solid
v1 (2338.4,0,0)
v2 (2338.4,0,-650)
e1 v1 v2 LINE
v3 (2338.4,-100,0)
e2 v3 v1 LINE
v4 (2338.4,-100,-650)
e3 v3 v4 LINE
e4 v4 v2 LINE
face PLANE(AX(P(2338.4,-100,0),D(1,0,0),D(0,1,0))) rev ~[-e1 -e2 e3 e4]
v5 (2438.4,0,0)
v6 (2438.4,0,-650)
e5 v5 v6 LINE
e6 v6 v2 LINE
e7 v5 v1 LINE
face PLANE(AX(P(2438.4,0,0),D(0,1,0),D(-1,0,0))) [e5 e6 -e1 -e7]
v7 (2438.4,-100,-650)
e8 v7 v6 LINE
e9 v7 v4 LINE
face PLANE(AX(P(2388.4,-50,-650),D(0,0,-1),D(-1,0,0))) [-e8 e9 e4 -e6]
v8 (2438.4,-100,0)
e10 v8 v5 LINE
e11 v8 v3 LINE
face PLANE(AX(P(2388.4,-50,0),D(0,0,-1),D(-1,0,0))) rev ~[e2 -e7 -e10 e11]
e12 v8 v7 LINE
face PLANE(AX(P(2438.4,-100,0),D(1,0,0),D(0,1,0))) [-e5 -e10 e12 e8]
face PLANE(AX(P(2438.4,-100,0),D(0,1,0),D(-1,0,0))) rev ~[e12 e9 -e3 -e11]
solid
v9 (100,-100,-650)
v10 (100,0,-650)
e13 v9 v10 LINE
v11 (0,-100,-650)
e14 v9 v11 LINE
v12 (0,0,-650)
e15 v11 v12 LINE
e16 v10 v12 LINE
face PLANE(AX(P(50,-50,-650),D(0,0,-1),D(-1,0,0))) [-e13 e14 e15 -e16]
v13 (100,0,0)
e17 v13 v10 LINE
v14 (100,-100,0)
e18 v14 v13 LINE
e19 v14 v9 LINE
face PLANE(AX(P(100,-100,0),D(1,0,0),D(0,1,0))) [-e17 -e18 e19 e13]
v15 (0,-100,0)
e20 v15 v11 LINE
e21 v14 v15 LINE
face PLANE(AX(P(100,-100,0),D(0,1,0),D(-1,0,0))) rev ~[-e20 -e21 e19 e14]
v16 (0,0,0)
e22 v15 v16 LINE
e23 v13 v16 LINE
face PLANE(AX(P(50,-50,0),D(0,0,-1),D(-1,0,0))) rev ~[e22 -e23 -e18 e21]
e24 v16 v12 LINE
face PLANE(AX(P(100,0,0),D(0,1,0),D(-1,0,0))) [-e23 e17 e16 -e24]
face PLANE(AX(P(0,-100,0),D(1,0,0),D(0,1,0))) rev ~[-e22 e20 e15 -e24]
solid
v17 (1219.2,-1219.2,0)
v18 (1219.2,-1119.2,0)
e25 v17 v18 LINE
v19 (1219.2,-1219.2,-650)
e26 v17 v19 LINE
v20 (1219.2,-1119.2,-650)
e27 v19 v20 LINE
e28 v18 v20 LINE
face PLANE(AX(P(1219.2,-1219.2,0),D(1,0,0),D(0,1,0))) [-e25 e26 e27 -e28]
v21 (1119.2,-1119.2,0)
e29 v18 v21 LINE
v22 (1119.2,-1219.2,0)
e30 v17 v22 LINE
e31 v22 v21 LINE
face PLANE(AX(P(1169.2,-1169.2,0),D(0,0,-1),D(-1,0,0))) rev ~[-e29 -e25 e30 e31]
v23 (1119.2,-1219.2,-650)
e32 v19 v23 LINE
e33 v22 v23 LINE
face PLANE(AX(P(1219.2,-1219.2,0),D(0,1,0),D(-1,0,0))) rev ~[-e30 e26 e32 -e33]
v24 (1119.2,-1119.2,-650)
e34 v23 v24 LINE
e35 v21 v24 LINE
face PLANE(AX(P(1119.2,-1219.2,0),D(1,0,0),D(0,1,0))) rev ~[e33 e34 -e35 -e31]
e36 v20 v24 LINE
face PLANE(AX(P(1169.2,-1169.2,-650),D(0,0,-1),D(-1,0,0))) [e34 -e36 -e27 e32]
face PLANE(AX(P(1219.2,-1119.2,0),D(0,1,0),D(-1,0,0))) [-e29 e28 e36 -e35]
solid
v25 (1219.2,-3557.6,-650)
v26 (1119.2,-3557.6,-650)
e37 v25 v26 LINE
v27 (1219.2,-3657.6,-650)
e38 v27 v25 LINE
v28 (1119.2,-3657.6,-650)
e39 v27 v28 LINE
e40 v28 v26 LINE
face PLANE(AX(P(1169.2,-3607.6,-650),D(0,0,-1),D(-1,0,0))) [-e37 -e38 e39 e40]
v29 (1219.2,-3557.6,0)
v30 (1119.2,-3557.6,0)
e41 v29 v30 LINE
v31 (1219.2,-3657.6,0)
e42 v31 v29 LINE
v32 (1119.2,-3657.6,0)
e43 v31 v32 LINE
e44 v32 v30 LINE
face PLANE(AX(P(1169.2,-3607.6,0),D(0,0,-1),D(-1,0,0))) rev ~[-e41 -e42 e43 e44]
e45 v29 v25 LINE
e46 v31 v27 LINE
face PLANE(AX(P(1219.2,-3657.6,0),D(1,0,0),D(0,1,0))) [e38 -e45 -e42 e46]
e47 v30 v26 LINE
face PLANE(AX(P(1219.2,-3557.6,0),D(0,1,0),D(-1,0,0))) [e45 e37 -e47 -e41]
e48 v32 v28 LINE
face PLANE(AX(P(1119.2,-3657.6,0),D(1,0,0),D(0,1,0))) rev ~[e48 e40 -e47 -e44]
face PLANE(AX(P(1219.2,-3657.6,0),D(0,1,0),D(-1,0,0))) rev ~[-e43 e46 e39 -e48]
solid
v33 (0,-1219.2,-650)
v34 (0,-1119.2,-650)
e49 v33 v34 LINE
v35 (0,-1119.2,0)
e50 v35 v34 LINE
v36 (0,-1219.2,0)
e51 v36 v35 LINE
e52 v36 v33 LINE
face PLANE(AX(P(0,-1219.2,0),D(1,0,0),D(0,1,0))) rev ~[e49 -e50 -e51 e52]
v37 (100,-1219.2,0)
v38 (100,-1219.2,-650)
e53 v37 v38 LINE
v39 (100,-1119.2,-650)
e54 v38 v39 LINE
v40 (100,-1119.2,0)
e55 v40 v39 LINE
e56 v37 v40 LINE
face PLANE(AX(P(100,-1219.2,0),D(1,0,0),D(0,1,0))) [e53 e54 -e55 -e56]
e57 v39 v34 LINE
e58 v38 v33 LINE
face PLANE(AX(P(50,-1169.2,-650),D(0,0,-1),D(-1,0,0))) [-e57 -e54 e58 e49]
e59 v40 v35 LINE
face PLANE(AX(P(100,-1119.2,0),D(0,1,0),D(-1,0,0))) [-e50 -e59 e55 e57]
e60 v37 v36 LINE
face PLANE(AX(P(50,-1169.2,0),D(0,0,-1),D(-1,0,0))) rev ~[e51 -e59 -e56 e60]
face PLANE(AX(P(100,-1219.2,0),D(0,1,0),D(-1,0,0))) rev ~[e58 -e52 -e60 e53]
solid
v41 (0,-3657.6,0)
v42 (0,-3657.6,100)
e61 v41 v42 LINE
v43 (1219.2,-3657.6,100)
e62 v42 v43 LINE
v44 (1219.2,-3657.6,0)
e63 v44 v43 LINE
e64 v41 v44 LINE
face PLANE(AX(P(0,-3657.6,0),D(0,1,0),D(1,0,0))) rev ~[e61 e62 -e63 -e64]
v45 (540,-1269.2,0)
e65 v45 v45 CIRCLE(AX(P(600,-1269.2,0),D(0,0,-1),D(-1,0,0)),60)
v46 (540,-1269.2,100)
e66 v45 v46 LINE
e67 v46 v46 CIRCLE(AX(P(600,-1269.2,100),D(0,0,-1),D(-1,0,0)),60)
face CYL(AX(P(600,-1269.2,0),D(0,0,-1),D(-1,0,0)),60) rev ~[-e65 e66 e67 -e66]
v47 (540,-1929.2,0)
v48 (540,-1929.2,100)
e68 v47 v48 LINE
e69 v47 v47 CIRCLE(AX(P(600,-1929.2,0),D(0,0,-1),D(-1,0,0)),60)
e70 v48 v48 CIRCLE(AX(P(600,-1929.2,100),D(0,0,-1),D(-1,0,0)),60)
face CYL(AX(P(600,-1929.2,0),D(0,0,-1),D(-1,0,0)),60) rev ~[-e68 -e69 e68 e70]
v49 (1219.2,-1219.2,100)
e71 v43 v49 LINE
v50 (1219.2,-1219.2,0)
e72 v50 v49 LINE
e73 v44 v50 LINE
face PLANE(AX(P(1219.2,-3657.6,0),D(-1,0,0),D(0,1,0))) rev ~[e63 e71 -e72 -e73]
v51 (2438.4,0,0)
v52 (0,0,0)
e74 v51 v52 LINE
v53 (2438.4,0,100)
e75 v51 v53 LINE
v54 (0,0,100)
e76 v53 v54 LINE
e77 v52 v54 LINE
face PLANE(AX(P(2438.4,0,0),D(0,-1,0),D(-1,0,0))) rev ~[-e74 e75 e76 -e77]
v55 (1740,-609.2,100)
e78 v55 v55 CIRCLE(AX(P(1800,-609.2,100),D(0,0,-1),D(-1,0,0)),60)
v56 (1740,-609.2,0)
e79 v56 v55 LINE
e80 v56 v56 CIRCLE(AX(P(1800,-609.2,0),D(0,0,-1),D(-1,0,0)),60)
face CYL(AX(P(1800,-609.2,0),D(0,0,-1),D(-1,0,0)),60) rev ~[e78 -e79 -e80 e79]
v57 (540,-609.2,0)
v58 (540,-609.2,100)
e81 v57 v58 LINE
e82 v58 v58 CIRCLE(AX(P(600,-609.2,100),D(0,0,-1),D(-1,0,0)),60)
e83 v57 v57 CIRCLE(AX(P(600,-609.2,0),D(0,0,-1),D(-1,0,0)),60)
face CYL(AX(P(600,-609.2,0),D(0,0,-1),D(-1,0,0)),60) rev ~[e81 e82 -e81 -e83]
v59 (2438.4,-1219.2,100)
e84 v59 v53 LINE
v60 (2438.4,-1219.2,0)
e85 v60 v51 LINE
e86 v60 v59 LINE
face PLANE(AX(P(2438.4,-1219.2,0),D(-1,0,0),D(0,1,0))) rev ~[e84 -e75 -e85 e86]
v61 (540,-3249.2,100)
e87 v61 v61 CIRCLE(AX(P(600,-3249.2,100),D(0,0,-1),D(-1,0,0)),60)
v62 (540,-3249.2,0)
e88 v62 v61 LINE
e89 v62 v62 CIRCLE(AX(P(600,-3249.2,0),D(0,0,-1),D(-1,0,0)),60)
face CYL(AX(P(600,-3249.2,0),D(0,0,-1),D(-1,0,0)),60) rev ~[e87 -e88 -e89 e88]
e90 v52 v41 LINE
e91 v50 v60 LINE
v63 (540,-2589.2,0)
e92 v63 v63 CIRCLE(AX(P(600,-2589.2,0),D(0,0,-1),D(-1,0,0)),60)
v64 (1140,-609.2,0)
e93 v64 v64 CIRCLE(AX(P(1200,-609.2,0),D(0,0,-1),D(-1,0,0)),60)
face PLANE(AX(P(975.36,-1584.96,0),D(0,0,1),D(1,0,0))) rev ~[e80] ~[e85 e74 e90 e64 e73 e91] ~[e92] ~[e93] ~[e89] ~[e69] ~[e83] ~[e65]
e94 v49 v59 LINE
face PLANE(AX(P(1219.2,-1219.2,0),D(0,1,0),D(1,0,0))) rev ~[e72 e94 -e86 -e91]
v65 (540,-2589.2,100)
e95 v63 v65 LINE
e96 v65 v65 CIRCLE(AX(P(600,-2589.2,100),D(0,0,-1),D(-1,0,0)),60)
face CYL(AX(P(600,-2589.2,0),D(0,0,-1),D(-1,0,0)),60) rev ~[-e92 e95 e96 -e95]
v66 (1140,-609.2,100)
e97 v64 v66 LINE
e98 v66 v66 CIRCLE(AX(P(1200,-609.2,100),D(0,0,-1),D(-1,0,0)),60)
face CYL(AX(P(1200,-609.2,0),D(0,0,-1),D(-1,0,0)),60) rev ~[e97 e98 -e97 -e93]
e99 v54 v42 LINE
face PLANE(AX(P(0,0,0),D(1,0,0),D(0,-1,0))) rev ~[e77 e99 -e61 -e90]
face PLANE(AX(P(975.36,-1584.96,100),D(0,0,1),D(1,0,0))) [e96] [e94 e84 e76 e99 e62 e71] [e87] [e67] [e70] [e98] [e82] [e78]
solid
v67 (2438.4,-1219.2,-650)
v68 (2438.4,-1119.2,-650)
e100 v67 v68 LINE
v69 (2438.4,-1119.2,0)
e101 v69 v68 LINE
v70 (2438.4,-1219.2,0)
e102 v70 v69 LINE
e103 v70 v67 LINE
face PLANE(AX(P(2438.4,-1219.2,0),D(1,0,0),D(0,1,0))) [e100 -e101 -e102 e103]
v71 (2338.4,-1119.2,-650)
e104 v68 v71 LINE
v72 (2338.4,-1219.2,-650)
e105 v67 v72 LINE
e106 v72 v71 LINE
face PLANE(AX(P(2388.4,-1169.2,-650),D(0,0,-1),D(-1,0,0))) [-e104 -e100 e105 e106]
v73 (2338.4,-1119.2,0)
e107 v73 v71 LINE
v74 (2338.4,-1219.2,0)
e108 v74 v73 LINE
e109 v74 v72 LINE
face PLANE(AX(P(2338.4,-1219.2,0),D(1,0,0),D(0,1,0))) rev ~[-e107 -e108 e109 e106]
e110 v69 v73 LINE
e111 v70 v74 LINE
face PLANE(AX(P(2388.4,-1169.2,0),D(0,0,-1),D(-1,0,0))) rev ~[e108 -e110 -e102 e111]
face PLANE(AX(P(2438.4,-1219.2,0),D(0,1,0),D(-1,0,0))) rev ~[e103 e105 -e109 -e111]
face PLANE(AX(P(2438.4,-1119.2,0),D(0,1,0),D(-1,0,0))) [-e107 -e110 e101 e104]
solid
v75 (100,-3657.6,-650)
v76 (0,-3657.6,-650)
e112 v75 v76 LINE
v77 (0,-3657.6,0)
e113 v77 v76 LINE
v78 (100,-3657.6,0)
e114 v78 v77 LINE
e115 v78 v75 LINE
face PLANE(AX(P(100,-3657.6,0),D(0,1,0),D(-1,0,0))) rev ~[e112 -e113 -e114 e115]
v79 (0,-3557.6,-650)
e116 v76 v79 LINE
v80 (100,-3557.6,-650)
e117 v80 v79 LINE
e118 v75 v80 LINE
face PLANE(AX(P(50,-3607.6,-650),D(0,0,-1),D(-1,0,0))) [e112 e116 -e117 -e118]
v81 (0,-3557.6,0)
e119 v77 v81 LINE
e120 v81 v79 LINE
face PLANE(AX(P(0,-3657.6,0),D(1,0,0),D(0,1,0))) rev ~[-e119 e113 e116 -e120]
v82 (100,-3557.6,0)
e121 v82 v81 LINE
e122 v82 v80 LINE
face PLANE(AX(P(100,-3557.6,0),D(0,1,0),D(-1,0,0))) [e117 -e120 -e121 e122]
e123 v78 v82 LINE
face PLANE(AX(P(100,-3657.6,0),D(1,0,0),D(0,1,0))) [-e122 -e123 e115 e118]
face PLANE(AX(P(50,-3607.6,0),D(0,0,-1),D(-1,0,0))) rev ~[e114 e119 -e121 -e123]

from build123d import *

# Parameters (mm, degrees)
BOSS_EXTRUDE1_DEPTH   = 100
SKETCH4_W             = 100
SKETCH4_H             = 100
BOSS_EXTRUDE2_DEPTH   = 650
BOSS_EXTRUDE2_2_DEPTH = 650
BOSS_EXTRUDE2_3_DEPTH = 650
BOSS_EXTRUDE2_4_DEPTH = 650
BOSS_EXTRUDE2_5_DEPTH = 650
BOSS_EXTRUDE2_6_DEPTH = 650
BOSS_EXTRUDE2_7_DEPTH = 650
SKETCH5_R             = 60
CUT_EXTRUDE2_DEPTH    = 101


with BuildPart() as part:
    # Sketch3 → Boss-Extrude1 (new body)
    with BuildSketch(Plane.XY):
        Polygon((2438.4, -1219.2), (2438.4, 0), (0, 0), (0, -3657.6), (1219.2, -3657.6), (1219.2, -1219.2), align=None)
    extrude(amount=BOSS_EXTRUDE1_DEPTH)

    # Sketch5 → Cut-Extrude2 (cut, through all)
    with BuildSketch(Plane(origin=(0, 0, 0), x_dir=(-1, 0, 0), z_dir=(0, 0, -1))):
        with Locations((-600, -3249.2)):
            Circle(SKETCH5_R)
        with Locations((-600, -2589.2)):
            Circle(SKETCH5_R)
        with Locations((-600, -1929.2)):
            Circle(SKETCH5_R)
        with Locations((-600, -1269.2)):
            Circle(SKETCH5_R)
        with Locations((-600, -609.2)):
            Circle(SKETCH5_R)
        with Locations((-1200, -609.2)):
            Circle(SKETCH5_R)
        with Locations((-1800, -609.2)):
            Circle(SKETCH5_R)
    extrude(amount=-CUT_EXTRUDE2_DEPTH, mode=Mode.SUBTRACT)


with BuildPart() as body_2:
    # Sketch4 → Boss-Extrude2 (new body)
    with BuildSketch(Plane(origin=(0, 0, 0), x_dir=(-1, 0, 0), z_dir=(0, 0, -1))):
        with Locations((-2388.4, -50)):
            Rectangle(SKETCH4_W, SKETCH4_H)
    extrude(amount=BOSS_EXTRUDE2_DEPTH)


with BuildPart() as body_3:
    # Sketch4 → Boss-Extrude2 2 (new body)
    with BuildSketch(Plane(origin=(0, 0, 0), x_dir=(-1, 0, 0), z_dir=(0, 0, -1))):
        with Locations((-50, -3607.6)):
            Rectangle(SKETCH4_W, SKETCH4_H)
    extrude(amount=BOSS_EXTRUDE2_2_DEPTH)


with BuildPart() as body_4:
    # Sketch4 → Boss-Extrude2 3 (new body)
    with BuildSketch(Plane(origin=(0, 0, 0), x_dir=(-1, 0, 0), z_dir=(0, 0, -1))):
        with Locations((-50, -50)):
            Rectangle(SKETCH4_W, SKETCH4_H)
    extrude(amount=BOSS_EXTRUDE2_3_DEPTH)


with BuildPart() as body_5:
    # Sketch4 → Boss-Extrude2 4 (new body)
    with BuildSketch(Plane(origin=(0, 0, 0), x_dir=(-1, 0, 0), z_dir=(0, 0, -1))):
        with Locations((-1169.2, -3607.6)):
            Rectangle(SKETCH4_W, SKETCH4_H)
    extrude(amount=BOSS_EXTRUDE2_4_DEPTH)


with BuildPart() as body_6:
    # Sketch4 → Boss-Extrude2 5 (new body)
    with BuildSketch(Plane(origin=(0, 0, 0), x_dir=(-1, 0, 0), z_dir=(0, 0, -1))):
        with Locations((-1169.2, -1169.2)):
            Rectangle(SKETCH4_W, SKETCH4_H)
    extrude(amount=BOSS_EXTRUDE2_5_DEPTH)


with BuildPart() as body_7:
    # Sketch4 → Boss-Extrude2 6 (new body)
    with BuildSketch(Plane(origin=(0, 0, 0), x_dir=(-1, 0, 0), z_dir=(0, 0, -1))):
        with Locations((-2388.4, -1169.2)):
            Rectangle(SKETCH4_W, SKETCH4_H)
    extrude(amount=BOSS_EXTRUDE2_6_DEPTH)


with BuildPart() as body_8:
    # Sketch4 → Boss-Extrude2 7 (new body)
    with BuildSketch(Plane(origin=(0, 0, 0), x_dir=(-1, 0, 0), z_dir=(0, 0, -1))):
        with Locations((-50, -1169.2)):
            Rectangle(SKETCH4_W, SKETCH4_H)
    extrude(amount=BOSS_EXTRUDE2_7_DEPTH)


solid = Compound([part.part, body_2.part, body_3.part, body_4.part, body_5.part, body_6.part, body_7.part, body_8.part])
